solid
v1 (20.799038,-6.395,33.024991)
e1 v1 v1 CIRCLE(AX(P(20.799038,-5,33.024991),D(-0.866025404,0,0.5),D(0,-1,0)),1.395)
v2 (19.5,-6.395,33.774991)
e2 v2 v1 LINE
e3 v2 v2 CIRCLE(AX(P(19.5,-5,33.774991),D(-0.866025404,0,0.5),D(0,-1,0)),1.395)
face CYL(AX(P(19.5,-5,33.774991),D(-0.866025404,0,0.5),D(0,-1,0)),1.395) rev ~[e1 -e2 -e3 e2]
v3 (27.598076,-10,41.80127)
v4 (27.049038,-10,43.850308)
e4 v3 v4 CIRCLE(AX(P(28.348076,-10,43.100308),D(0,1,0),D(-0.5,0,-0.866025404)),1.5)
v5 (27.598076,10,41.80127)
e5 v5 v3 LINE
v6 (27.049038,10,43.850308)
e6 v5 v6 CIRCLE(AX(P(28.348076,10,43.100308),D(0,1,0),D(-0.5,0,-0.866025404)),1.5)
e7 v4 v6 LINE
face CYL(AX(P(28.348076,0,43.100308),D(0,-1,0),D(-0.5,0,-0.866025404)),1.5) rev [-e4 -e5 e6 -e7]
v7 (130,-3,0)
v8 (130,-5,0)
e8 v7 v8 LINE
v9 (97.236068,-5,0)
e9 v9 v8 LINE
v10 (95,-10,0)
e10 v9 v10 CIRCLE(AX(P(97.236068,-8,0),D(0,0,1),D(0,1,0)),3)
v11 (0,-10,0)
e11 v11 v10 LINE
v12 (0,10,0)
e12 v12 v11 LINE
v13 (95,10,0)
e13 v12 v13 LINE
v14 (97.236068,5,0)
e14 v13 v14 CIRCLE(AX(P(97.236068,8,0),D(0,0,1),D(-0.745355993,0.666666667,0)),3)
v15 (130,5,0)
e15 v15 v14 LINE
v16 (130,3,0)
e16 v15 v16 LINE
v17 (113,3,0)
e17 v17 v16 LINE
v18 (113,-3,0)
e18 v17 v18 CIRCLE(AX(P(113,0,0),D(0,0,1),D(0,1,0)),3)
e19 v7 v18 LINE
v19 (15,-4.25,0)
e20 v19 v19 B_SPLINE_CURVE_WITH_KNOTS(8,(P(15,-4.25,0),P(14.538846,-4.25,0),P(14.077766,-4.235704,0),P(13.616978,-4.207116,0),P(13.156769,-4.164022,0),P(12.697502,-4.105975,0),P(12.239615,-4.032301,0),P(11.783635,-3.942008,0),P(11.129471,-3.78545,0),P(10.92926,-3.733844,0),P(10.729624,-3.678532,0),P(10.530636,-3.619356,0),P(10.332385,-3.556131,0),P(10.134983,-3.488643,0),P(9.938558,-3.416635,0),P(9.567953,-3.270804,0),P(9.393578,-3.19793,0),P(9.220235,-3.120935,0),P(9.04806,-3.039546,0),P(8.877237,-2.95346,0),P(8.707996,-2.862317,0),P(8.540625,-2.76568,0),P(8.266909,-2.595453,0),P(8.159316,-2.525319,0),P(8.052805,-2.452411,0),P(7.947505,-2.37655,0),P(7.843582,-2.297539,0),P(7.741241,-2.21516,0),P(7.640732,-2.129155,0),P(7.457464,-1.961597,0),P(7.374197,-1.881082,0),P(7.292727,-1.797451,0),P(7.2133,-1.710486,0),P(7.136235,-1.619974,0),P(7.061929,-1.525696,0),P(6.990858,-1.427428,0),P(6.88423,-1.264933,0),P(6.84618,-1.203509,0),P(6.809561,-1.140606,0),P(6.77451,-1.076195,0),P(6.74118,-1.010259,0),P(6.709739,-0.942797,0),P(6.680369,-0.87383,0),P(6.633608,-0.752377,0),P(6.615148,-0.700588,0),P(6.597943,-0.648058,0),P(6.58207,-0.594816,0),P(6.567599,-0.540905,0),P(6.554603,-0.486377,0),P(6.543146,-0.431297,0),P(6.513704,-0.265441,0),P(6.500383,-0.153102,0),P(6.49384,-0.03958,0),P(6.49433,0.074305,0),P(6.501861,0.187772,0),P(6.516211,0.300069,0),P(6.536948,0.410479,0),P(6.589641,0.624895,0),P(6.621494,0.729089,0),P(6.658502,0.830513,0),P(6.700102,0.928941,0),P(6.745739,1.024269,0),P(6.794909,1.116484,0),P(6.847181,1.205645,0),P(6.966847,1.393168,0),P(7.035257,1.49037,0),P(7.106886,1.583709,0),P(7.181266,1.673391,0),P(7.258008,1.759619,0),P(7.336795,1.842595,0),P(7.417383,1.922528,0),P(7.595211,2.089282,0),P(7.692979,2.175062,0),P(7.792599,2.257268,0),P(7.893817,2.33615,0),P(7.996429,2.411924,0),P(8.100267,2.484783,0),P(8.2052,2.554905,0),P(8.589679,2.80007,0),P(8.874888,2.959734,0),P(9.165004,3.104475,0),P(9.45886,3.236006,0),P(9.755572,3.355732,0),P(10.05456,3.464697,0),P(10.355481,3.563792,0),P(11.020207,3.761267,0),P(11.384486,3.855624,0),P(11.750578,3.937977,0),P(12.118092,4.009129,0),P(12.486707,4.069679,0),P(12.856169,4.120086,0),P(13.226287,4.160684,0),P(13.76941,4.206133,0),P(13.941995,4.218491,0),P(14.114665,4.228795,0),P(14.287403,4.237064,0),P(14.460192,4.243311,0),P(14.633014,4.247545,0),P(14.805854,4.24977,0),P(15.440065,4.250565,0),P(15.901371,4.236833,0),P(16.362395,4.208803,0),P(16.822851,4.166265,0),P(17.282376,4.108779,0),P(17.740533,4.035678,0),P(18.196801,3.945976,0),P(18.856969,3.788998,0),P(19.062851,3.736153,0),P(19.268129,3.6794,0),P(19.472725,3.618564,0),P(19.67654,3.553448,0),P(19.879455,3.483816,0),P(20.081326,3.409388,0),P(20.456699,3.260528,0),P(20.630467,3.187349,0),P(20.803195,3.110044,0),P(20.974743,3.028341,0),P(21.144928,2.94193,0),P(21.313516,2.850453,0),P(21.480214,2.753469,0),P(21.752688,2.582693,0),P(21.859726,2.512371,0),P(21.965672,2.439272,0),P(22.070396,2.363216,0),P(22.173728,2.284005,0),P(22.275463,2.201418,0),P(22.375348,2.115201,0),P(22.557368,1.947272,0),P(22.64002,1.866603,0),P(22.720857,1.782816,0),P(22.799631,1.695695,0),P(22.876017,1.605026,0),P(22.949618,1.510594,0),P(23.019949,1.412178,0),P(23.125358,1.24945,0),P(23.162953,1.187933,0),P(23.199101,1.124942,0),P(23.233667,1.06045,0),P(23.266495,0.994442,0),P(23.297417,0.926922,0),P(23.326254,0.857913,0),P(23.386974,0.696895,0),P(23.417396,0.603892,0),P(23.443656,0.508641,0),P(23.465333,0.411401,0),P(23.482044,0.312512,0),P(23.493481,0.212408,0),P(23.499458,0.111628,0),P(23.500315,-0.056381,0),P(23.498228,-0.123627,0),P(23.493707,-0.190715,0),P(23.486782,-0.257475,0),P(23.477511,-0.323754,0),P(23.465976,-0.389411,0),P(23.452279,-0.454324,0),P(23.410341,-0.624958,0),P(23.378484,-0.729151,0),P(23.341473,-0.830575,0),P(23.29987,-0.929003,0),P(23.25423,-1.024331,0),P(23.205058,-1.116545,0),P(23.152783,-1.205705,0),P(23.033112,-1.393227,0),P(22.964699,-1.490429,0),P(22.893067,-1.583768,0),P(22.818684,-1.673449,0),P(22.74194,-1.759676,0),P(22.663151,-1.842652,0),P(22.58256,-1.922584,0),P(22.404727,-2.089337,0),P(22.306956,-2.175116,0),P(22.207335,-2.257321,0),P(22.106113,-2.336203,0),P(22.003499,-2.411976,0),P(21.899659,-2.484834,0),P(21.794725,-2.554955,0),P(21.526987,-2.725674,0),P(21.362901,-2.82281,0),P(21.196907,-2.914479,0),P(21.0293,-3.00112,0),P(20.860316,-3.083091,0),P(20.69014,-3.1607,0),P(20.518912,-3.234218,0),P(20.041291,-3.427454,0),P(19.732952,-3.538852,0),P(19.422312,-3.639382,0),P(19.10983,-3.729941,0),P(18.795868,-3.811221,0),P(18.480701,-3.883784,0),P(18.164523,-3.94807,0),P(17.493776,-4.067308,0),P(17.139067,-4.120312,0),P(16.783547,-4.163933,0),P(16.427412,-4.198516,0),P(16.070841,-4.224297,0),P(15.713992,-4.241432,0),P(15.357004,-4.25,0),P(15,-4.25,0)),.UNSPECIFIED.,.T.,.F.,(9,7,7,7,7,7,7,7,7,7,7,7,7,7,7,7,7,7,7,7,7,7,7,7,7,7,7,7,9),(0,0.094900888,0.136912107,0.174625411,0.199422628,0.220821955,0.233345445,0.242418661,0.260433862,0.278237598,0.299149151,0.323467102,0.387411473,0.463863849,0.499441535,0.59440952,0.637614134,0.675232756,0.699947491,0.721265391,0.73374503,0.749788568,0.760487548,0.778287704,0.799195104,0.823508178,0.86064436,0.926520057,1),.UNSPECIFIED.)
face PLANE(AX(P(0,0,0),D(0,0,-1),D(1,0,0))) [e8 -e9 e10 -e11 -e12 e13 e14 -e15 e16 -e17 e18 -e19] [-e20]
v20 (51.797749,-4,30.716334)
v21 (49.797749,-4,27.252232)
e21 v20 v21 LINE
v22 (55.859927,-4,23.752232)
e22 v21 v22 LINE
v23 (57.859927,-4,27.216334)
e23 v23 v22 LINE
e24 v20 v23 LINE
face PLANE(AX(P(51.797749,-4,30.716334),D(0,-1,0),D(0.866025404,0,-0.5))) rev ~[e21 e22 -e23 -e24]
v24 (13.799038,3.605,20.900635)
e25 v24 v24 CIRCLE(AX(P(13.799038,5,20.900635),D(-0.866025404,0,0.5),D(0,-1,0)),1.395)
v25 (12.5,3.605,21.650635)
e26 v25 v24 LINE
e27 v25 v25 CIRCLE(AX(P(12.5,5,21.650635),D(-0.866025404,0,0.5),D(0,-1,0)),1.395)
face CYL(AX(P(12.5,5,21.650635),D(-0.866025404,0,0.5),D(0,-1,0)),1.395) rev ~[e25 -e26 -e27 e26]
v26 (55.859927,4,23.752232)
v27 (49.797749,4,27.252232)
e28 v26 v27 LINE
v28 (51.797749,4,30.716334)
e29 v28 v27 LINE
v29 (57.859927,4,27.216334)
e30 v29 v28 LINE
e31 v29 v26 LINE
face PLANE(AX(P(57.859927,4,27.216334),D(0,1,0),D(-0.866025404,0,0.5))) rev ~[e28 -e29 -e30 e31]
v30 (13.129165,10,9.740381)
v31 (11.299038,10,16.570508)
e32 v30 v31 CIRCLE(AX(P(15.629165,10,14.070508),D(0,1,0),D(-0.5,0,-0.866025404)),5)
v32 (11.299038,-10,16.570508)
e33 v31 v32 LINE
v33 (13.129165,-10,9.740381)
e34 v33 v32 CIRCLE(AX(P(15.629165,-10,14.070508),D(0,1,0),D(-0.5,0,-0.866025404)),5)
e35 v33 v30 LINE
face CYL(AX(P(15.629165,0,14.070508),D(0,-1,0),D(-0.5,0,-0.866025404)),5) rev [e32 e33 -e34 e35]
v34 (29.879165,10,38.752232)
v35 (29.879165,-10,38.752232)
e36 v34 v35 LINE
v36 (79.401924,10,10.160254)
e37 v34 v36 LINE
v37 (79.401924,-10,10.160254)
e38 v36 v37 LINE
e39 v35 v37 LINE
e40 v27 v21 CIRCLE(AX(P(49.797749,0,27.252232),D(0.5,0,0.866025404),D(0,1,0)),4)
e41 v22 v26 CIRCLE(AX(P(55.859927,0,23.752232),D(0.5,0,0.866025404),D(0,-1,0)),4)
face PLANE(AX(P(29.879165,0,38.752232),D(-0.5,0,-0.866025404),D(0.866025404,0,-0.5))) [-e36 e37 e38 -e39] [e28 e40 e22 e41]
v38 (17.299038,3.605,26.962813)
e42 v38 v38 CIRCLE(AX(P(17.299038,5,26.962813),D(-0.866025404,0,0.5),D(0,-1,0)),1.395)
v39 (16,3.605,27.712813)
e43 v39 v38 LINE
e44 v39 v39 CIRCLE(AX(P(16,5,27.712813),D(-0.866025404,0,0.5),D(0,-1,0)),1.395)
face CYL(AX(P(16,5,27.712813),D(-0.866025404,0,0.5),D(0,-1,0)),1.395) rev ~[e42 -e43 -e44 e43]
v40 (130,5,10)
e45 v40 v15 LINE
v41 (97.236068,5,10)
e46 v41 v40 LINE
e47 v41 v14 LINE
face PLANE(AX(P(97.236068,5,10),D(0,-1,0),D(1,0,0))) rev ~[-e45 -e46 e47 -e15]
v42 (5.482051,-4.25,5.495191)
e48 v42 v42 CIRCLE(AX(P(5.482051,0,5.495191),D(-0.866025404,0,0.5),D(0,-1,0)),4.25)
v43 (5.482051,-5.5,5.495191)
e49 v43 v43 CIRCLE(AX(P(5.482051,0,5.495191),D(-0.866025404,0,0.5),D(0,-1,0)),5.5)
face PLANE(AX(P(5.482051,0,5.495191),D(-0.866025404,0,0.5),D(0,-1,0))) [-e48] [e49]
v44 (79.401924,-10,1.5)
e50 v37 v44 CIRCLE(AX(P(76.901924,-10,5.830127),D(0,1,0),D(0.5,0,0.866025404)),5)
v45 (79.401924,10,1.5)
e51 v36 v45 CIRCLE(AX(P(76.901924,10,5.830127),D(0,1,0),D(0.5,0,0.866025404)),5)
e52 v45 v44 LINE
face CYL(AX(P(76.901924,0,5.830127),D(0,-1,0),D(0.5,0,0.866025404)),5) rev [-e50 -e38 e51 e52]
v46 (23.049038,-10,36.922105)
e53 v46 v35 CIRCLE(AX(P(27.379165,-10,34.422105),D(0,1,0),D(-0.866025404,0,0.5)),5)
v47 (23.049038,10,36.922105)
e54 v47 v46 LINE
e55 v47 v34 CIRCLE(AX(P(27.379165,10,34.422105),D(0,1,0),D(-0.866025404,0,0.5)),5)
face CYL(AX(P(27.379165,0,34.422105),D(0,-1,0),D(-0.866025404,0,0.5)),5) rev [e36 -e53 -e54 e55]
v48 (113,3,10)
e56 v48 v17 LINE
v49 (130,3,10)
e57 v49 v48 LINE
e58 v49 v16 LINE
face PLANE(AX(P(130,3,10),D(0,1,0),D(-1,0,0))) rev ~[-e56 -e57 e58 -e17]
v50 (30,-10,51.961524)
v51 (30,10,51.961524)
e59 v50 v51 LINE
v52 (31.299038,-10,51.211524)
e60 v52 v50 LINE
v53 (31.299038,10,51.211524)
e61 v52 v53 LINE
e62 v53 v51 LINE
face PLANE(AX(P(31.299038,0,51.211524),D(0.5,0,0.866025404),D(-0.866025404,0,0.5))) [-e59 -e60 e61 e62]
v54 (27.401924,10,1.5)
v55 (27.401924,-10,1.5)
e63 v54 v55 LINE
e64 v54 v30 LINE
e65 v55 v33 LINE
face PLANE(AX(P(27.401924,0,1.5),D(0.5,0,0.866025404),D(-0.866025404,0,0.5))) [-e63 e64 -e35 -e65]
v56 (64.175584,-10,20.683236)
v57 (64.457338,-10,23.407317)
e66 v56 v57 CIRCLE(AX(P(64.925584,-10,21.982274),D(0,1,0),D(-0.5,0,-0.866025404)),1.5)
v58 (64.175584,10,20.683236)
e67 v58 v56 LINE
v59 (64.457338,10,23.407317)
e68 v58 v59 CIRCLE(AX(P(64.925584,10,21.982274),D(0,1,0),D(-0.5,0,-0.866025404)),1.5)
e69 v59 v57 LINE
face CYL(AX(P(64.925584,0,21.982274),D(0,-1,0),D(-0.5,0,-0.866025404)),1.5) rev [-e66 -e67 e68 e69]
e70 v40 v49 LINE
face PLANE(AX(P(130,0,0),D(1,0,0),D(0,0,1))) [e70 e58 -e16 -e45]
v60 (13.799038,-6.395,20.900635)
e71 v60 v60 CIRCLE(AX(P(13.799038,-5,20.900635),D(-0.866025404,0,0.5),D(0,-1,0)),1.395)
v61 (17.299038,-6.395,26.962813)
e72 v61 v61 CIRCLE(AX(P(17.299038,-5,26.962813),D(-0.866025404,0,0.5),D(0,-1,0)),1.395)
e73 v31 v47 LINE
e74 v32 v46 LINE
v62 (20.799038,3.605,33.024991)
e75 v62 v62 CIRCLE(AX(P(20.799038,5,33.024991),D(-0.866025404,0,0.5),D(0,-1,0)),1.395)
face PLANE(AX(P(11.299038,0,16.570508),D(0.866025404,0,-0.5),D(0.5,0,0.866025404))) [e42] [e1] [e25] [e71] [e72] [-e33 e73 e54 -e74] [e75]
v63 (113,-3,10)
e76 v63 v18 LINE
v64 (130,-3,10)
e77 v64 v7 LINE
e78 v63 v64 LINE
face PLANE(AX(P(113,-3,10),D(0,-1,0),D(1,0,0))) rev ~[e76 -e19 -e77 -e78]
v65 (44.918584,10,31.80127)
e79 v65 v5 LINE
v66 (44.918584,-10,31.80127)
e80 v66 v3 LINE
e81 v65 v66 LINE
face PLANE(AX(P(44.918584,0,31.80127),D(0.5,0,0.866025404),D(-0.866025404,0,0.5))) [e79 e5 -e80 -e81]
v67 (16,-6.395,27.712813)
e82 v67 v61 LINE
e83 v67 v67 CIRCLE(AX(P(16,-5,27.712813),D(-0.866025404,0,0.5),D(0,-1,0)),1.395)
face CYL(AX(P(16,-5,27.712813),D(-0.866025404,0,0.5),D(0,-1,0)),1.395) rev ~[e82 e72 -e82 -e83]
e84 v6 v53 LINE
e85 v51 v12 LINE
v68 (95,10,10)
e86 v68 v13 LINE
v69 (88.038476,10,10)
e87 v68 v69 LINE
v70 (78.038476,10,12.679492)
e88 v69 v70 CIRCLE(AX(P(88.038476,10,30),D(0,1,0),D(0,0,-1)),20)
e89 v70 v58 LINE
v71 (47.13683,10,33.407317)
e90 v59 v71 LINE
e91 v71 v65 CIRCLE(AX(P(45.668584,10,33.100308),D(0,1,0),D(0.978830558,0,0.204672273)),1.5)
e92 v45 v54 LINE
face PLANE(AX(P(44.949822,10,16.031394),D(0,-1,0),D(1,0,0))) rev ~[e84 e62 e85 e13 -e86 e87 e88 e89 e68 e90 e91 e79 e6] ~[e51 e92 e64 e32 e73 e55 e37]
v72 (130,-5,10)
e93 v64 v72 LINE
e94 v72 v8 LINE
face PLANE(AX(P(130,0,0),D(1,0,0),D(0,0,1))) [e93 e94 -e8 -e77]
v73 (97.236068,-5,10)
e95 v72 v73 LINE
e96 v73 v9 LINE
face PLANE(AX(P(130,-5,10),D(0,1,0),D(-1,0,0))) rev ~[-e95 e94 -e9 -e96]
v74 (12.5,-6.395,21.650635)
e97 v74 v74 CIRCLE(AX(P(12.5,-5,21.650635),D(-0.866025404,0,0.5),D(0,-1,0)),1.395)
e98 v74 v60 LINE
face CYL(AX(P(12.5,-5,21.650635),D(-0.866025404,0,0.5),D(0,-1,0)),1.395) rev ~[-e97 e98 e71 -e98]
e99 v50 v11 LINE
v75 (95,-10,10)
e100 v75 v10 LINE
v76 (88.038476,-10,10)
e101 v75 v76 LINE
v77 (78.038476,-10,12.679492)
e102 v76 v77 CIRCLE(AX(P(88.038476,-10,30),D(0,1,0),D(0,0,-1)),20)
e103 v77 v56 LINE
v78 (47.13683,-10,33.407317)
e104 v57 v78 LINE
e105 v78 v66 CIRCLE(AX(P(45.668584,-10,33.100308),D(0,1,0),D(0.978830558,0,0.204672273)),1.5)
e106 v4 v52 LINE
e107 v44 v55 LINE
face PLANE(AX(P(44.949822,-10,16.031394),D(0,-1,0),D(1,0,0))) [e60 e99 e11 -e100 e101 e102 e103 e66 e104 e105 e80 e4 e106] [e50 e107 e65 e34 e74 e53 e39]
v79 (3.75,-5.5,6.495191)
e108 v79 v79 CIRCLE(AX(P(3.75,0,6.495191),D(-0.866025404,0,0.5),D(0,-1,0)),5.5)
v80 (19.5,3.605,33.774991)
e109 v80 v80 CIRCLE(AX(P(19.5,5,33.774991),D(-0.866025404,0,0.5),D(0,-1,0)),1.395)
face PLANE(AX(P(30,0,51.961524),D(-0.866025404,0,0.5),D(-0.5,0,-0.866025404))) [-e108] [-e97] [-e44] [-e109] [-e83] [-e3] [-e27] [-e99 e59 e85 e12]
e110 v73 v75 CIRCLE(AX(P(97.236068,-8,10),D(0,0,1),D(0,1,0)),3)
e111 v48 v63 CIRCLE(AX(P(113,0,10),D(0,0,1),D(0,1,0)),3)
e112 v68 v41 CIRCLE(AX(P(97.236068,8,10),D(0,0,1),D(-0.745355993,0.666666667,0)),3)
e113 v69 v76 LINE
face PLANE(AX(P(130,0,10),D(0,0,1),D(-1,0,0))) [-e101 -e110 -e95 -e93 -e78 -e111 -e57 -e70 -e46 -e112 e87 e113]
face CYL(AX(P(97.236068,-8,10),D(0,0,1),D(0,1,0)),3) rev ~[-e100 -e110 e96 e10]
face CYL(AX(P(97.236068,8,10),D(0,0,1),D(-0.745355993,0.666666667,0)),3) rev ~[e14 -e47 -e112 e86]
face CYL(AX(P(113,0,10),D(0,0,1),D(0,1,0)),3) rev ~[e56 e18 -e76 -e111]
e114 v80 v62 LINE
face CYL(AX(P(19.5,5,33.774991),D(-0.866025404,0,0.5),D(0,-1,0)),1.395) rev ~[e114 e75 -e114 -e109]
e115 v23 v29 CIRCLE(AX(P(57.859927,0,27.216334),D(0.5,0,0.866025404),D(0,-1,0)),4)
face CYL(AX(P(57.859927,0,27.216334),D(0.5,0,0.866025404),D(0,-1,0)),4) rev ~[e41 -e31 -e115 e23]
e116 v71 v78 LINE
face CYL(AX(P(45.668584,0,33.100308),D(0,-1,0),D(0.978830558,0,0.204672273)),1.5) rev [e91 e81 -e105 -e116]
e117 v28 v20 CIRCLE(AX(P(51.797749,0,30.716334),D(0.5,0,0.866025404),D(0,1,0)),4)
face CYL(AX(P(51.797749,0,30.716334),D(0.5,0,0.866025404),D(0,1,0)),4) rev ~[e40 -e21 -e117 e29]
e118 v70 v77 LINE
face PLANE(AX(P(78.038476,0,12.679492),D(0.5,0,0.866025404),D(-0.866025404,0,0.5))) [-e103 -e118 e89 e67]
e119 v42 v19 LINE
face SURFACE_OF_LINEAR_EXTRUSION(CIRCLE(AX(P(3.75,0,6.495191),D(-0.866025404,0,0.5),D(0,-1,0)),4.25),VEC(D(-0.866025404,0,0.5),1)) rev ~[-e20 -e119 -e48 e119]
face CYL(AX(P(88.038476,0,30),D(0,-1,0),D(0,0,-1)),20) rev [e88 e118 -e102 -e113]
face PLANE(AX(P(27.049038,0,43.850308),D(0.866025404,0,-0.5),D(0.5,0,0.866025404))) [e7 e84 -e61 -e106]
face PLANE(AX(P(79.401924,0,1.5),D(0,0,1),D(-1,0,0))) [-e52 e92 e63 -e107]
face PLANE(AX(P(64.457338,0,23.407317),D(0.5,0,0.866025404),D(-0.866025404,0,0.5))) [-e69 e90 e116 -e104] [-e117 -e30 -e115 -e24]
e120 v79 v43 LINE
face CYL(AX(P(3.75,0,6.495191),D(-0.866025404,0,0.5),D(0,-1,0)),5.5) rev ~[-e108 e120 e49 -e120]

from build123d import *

# Parameters (mm, degrees)
F0_W     = 35
F0_H     = 10
F1_DEPTH = 10
F3_DEPTH = 4
F4_R     = 1.395
F5_DEPTH = 1.5
F4_R_2   = 5.5
F4_R_3   = 4.25
F6_DEPTH = 2
F7_DEPTH = 112.584302492
F9_DEPTH = 10.001


with BuildPart() as f1:
    # F0 (on Front) → F1 (new body, symmetric)
    with BuildSketch(Plane.XZ):
        with BuildLine():
            Line((30, 51.9615242271), (0, 0))
            Line((0, 0), (95, 0))
            Line((95, 0), (95, 10))
            Line((95, 10), (88.0384757729, 10))
            ThreePointArc((88.0384757729, 10), (82.8620948709, 10.6814834742), (78.0384757729, 12.6794919243))
            Line((78.0384757729, 12.6794919243), (64.1755840358, 20.6832362005))
            ThreePointArc((64.1755840358, 20.6832362005), (63.4335436954, 22.1365974171), (64.4573381993, 23.4073167043))
            Line((64.4573381993, 23.4073167043), (47.1368301236, 33.4073167043))
            ThreePointArc((47.1368301236, 33.4073167043), (46.5482521918, 31.8853250121), (44.918584287, 31.8012701892))
            Line((44.918584287, 31.8012701892), (27.5980762114, 41.8012701892))
            ThreePointArc((27.5980762114, 41.8012701892), (26.8991874719, 42.7120797272), (27.0490381057, 43.8503082949))
            Line((27.0490381057, 43.8503082949), (31.2990381057, 51.2115242271))
            Line((31.2990381057, 51.2115242271), (30, 51.9615242271))
        make_face()
        with BuildLine():
            Line((11.2990381057, 16.5705080757), (23.0490381057, 36.9221050646))
            ThreePointArc((23.0490381057, 36.9221050646), (26.0850698991, 39.2517341961), (29.8791651246, 38.7522320835))
            Line((29.8791651246, 38.7522320835), (79.4019237886, 10.1602540378))
            ThreePointArc((79.4019237886, 10.1602540378), (81.9019237886, 5.8301270189), (79.4019237886, 1.5))
            Line((79.4019237886, 1.5), (27.4019237886, 1.5))
            Line((27.4019237886, 1.5), (13.1291651246, 9.7403810568))
            ThreePointArc((13.1291651246, 9.7403810568), (10.7995359932, 12.7764128502), (11.2990381057, 16.5705080757))
        make_face(mode=Mode.SUBTRACT)
        with Locations((112.5, 5)):
            Rectangle(F0_W, F0_H)
    extrude(amount=F1_DEPTH, both=True)

    # F2 (on face) → F3 (cut)
    with BuildSketch(Plane(origin=(26.25, 0, 45.4663336987), x_dir=(0.8660254038, 0, -0.5), z_dir=(0.5, 0, 0.8660254038))):
        with BuildLine():
            ThreePointArc((29.5, 4), (25.5, 0), (29.5, -4))
            Line((29.5, -4), (36.5, -4))
            ThreePointArc((36.5, -4), (40.5, 0), (36.5, 4))
            Line((36.5, 4), (29.5, 4))
        make_face()
    extrude(amount=-F3_DEPTH, mode=Mode.SUBTRACT)

    # F4 (on face) → F5 (cut)
    with BuildSketch(Plane(origin=(0, 0, 0), x_dir=(0, -1, 0), z_dir=(-0.8660254038, 0, 0.5))):
        with Locations((-5, 39)):
            Circle(F4_R)
        with Locations((-5, 32)):
            Circle(F4_R)
        with Locations((5, 25)):
            Circle(F4_R)
        with Locations((5, 32)):
            Circle(F4_R)
        with Locations((5, 39)):
            Circle(F4_R)
        with Locations((-5, 25)):
            Circle(F4_R)
    extrude(amount=-F5_DEPTH, mode=Mode.SUBTRACT)

    # F4 (on face) → F6 (cut)
    with BuildSketch(Plane(origin=(0, 0, 0), x_dir=(0, -1, 0), z_dir=(-0.8660254038, 0, 0.5))):
        with Locations((0, 7.5)):
            Circle(F4_R_2)
        with Locations((0, 7.5)):
            Circle(F4_R_3, mode=Mode.SUBTRACT)
    extrude(amount=-F6_DEPTH, mode=Mode.SUBTRACT)

    # F7 (cut, through all): a face of the model
    f7_faces = [f1.faces().sort_by_distance(p)[0] for p in [
        (3.75, 0, 6.4951905284),
    ]]
    extrude(f7_faces, amount=-F7_DEPTH, mode=Mode.SUBTRACT)

    # F8 (on face) → F9 (cut, through all)
    with BuildSketch(Plane.XY.offset(10)):
        with BuildLine():
            Line((130, -10), (130, -5))
            Line((130, -5), (97.2360679775, -5))
            ThreePointArc((97.2360679775, -5), (94.49745519, -6.7752551286), (95, -10))
            Line((95, -10), (130, -10))
        make_face()
        with BuildLine():
            Line((130, -3), (130, 3))
            Line((130, 3), (113, 3))
            ThreePointArc((113, 3), (110, 0), (113, -3))
            Line((113, -3), (130, -3))
        make_face()
        with BuildLine():
            Line((97.2360679775, 5), (130, 5))
            Line((130, 5), (130, 10))
            Line((130, 10), (95, 10))
            ThreePointArc((95, 10), (94.49745519, 6.7752551286), (97.2360679775, 5))
        make_face()
    extrude(amount=-F9_DEPTH, mode=Mode.SUBTRACT)


solid = f1.part
